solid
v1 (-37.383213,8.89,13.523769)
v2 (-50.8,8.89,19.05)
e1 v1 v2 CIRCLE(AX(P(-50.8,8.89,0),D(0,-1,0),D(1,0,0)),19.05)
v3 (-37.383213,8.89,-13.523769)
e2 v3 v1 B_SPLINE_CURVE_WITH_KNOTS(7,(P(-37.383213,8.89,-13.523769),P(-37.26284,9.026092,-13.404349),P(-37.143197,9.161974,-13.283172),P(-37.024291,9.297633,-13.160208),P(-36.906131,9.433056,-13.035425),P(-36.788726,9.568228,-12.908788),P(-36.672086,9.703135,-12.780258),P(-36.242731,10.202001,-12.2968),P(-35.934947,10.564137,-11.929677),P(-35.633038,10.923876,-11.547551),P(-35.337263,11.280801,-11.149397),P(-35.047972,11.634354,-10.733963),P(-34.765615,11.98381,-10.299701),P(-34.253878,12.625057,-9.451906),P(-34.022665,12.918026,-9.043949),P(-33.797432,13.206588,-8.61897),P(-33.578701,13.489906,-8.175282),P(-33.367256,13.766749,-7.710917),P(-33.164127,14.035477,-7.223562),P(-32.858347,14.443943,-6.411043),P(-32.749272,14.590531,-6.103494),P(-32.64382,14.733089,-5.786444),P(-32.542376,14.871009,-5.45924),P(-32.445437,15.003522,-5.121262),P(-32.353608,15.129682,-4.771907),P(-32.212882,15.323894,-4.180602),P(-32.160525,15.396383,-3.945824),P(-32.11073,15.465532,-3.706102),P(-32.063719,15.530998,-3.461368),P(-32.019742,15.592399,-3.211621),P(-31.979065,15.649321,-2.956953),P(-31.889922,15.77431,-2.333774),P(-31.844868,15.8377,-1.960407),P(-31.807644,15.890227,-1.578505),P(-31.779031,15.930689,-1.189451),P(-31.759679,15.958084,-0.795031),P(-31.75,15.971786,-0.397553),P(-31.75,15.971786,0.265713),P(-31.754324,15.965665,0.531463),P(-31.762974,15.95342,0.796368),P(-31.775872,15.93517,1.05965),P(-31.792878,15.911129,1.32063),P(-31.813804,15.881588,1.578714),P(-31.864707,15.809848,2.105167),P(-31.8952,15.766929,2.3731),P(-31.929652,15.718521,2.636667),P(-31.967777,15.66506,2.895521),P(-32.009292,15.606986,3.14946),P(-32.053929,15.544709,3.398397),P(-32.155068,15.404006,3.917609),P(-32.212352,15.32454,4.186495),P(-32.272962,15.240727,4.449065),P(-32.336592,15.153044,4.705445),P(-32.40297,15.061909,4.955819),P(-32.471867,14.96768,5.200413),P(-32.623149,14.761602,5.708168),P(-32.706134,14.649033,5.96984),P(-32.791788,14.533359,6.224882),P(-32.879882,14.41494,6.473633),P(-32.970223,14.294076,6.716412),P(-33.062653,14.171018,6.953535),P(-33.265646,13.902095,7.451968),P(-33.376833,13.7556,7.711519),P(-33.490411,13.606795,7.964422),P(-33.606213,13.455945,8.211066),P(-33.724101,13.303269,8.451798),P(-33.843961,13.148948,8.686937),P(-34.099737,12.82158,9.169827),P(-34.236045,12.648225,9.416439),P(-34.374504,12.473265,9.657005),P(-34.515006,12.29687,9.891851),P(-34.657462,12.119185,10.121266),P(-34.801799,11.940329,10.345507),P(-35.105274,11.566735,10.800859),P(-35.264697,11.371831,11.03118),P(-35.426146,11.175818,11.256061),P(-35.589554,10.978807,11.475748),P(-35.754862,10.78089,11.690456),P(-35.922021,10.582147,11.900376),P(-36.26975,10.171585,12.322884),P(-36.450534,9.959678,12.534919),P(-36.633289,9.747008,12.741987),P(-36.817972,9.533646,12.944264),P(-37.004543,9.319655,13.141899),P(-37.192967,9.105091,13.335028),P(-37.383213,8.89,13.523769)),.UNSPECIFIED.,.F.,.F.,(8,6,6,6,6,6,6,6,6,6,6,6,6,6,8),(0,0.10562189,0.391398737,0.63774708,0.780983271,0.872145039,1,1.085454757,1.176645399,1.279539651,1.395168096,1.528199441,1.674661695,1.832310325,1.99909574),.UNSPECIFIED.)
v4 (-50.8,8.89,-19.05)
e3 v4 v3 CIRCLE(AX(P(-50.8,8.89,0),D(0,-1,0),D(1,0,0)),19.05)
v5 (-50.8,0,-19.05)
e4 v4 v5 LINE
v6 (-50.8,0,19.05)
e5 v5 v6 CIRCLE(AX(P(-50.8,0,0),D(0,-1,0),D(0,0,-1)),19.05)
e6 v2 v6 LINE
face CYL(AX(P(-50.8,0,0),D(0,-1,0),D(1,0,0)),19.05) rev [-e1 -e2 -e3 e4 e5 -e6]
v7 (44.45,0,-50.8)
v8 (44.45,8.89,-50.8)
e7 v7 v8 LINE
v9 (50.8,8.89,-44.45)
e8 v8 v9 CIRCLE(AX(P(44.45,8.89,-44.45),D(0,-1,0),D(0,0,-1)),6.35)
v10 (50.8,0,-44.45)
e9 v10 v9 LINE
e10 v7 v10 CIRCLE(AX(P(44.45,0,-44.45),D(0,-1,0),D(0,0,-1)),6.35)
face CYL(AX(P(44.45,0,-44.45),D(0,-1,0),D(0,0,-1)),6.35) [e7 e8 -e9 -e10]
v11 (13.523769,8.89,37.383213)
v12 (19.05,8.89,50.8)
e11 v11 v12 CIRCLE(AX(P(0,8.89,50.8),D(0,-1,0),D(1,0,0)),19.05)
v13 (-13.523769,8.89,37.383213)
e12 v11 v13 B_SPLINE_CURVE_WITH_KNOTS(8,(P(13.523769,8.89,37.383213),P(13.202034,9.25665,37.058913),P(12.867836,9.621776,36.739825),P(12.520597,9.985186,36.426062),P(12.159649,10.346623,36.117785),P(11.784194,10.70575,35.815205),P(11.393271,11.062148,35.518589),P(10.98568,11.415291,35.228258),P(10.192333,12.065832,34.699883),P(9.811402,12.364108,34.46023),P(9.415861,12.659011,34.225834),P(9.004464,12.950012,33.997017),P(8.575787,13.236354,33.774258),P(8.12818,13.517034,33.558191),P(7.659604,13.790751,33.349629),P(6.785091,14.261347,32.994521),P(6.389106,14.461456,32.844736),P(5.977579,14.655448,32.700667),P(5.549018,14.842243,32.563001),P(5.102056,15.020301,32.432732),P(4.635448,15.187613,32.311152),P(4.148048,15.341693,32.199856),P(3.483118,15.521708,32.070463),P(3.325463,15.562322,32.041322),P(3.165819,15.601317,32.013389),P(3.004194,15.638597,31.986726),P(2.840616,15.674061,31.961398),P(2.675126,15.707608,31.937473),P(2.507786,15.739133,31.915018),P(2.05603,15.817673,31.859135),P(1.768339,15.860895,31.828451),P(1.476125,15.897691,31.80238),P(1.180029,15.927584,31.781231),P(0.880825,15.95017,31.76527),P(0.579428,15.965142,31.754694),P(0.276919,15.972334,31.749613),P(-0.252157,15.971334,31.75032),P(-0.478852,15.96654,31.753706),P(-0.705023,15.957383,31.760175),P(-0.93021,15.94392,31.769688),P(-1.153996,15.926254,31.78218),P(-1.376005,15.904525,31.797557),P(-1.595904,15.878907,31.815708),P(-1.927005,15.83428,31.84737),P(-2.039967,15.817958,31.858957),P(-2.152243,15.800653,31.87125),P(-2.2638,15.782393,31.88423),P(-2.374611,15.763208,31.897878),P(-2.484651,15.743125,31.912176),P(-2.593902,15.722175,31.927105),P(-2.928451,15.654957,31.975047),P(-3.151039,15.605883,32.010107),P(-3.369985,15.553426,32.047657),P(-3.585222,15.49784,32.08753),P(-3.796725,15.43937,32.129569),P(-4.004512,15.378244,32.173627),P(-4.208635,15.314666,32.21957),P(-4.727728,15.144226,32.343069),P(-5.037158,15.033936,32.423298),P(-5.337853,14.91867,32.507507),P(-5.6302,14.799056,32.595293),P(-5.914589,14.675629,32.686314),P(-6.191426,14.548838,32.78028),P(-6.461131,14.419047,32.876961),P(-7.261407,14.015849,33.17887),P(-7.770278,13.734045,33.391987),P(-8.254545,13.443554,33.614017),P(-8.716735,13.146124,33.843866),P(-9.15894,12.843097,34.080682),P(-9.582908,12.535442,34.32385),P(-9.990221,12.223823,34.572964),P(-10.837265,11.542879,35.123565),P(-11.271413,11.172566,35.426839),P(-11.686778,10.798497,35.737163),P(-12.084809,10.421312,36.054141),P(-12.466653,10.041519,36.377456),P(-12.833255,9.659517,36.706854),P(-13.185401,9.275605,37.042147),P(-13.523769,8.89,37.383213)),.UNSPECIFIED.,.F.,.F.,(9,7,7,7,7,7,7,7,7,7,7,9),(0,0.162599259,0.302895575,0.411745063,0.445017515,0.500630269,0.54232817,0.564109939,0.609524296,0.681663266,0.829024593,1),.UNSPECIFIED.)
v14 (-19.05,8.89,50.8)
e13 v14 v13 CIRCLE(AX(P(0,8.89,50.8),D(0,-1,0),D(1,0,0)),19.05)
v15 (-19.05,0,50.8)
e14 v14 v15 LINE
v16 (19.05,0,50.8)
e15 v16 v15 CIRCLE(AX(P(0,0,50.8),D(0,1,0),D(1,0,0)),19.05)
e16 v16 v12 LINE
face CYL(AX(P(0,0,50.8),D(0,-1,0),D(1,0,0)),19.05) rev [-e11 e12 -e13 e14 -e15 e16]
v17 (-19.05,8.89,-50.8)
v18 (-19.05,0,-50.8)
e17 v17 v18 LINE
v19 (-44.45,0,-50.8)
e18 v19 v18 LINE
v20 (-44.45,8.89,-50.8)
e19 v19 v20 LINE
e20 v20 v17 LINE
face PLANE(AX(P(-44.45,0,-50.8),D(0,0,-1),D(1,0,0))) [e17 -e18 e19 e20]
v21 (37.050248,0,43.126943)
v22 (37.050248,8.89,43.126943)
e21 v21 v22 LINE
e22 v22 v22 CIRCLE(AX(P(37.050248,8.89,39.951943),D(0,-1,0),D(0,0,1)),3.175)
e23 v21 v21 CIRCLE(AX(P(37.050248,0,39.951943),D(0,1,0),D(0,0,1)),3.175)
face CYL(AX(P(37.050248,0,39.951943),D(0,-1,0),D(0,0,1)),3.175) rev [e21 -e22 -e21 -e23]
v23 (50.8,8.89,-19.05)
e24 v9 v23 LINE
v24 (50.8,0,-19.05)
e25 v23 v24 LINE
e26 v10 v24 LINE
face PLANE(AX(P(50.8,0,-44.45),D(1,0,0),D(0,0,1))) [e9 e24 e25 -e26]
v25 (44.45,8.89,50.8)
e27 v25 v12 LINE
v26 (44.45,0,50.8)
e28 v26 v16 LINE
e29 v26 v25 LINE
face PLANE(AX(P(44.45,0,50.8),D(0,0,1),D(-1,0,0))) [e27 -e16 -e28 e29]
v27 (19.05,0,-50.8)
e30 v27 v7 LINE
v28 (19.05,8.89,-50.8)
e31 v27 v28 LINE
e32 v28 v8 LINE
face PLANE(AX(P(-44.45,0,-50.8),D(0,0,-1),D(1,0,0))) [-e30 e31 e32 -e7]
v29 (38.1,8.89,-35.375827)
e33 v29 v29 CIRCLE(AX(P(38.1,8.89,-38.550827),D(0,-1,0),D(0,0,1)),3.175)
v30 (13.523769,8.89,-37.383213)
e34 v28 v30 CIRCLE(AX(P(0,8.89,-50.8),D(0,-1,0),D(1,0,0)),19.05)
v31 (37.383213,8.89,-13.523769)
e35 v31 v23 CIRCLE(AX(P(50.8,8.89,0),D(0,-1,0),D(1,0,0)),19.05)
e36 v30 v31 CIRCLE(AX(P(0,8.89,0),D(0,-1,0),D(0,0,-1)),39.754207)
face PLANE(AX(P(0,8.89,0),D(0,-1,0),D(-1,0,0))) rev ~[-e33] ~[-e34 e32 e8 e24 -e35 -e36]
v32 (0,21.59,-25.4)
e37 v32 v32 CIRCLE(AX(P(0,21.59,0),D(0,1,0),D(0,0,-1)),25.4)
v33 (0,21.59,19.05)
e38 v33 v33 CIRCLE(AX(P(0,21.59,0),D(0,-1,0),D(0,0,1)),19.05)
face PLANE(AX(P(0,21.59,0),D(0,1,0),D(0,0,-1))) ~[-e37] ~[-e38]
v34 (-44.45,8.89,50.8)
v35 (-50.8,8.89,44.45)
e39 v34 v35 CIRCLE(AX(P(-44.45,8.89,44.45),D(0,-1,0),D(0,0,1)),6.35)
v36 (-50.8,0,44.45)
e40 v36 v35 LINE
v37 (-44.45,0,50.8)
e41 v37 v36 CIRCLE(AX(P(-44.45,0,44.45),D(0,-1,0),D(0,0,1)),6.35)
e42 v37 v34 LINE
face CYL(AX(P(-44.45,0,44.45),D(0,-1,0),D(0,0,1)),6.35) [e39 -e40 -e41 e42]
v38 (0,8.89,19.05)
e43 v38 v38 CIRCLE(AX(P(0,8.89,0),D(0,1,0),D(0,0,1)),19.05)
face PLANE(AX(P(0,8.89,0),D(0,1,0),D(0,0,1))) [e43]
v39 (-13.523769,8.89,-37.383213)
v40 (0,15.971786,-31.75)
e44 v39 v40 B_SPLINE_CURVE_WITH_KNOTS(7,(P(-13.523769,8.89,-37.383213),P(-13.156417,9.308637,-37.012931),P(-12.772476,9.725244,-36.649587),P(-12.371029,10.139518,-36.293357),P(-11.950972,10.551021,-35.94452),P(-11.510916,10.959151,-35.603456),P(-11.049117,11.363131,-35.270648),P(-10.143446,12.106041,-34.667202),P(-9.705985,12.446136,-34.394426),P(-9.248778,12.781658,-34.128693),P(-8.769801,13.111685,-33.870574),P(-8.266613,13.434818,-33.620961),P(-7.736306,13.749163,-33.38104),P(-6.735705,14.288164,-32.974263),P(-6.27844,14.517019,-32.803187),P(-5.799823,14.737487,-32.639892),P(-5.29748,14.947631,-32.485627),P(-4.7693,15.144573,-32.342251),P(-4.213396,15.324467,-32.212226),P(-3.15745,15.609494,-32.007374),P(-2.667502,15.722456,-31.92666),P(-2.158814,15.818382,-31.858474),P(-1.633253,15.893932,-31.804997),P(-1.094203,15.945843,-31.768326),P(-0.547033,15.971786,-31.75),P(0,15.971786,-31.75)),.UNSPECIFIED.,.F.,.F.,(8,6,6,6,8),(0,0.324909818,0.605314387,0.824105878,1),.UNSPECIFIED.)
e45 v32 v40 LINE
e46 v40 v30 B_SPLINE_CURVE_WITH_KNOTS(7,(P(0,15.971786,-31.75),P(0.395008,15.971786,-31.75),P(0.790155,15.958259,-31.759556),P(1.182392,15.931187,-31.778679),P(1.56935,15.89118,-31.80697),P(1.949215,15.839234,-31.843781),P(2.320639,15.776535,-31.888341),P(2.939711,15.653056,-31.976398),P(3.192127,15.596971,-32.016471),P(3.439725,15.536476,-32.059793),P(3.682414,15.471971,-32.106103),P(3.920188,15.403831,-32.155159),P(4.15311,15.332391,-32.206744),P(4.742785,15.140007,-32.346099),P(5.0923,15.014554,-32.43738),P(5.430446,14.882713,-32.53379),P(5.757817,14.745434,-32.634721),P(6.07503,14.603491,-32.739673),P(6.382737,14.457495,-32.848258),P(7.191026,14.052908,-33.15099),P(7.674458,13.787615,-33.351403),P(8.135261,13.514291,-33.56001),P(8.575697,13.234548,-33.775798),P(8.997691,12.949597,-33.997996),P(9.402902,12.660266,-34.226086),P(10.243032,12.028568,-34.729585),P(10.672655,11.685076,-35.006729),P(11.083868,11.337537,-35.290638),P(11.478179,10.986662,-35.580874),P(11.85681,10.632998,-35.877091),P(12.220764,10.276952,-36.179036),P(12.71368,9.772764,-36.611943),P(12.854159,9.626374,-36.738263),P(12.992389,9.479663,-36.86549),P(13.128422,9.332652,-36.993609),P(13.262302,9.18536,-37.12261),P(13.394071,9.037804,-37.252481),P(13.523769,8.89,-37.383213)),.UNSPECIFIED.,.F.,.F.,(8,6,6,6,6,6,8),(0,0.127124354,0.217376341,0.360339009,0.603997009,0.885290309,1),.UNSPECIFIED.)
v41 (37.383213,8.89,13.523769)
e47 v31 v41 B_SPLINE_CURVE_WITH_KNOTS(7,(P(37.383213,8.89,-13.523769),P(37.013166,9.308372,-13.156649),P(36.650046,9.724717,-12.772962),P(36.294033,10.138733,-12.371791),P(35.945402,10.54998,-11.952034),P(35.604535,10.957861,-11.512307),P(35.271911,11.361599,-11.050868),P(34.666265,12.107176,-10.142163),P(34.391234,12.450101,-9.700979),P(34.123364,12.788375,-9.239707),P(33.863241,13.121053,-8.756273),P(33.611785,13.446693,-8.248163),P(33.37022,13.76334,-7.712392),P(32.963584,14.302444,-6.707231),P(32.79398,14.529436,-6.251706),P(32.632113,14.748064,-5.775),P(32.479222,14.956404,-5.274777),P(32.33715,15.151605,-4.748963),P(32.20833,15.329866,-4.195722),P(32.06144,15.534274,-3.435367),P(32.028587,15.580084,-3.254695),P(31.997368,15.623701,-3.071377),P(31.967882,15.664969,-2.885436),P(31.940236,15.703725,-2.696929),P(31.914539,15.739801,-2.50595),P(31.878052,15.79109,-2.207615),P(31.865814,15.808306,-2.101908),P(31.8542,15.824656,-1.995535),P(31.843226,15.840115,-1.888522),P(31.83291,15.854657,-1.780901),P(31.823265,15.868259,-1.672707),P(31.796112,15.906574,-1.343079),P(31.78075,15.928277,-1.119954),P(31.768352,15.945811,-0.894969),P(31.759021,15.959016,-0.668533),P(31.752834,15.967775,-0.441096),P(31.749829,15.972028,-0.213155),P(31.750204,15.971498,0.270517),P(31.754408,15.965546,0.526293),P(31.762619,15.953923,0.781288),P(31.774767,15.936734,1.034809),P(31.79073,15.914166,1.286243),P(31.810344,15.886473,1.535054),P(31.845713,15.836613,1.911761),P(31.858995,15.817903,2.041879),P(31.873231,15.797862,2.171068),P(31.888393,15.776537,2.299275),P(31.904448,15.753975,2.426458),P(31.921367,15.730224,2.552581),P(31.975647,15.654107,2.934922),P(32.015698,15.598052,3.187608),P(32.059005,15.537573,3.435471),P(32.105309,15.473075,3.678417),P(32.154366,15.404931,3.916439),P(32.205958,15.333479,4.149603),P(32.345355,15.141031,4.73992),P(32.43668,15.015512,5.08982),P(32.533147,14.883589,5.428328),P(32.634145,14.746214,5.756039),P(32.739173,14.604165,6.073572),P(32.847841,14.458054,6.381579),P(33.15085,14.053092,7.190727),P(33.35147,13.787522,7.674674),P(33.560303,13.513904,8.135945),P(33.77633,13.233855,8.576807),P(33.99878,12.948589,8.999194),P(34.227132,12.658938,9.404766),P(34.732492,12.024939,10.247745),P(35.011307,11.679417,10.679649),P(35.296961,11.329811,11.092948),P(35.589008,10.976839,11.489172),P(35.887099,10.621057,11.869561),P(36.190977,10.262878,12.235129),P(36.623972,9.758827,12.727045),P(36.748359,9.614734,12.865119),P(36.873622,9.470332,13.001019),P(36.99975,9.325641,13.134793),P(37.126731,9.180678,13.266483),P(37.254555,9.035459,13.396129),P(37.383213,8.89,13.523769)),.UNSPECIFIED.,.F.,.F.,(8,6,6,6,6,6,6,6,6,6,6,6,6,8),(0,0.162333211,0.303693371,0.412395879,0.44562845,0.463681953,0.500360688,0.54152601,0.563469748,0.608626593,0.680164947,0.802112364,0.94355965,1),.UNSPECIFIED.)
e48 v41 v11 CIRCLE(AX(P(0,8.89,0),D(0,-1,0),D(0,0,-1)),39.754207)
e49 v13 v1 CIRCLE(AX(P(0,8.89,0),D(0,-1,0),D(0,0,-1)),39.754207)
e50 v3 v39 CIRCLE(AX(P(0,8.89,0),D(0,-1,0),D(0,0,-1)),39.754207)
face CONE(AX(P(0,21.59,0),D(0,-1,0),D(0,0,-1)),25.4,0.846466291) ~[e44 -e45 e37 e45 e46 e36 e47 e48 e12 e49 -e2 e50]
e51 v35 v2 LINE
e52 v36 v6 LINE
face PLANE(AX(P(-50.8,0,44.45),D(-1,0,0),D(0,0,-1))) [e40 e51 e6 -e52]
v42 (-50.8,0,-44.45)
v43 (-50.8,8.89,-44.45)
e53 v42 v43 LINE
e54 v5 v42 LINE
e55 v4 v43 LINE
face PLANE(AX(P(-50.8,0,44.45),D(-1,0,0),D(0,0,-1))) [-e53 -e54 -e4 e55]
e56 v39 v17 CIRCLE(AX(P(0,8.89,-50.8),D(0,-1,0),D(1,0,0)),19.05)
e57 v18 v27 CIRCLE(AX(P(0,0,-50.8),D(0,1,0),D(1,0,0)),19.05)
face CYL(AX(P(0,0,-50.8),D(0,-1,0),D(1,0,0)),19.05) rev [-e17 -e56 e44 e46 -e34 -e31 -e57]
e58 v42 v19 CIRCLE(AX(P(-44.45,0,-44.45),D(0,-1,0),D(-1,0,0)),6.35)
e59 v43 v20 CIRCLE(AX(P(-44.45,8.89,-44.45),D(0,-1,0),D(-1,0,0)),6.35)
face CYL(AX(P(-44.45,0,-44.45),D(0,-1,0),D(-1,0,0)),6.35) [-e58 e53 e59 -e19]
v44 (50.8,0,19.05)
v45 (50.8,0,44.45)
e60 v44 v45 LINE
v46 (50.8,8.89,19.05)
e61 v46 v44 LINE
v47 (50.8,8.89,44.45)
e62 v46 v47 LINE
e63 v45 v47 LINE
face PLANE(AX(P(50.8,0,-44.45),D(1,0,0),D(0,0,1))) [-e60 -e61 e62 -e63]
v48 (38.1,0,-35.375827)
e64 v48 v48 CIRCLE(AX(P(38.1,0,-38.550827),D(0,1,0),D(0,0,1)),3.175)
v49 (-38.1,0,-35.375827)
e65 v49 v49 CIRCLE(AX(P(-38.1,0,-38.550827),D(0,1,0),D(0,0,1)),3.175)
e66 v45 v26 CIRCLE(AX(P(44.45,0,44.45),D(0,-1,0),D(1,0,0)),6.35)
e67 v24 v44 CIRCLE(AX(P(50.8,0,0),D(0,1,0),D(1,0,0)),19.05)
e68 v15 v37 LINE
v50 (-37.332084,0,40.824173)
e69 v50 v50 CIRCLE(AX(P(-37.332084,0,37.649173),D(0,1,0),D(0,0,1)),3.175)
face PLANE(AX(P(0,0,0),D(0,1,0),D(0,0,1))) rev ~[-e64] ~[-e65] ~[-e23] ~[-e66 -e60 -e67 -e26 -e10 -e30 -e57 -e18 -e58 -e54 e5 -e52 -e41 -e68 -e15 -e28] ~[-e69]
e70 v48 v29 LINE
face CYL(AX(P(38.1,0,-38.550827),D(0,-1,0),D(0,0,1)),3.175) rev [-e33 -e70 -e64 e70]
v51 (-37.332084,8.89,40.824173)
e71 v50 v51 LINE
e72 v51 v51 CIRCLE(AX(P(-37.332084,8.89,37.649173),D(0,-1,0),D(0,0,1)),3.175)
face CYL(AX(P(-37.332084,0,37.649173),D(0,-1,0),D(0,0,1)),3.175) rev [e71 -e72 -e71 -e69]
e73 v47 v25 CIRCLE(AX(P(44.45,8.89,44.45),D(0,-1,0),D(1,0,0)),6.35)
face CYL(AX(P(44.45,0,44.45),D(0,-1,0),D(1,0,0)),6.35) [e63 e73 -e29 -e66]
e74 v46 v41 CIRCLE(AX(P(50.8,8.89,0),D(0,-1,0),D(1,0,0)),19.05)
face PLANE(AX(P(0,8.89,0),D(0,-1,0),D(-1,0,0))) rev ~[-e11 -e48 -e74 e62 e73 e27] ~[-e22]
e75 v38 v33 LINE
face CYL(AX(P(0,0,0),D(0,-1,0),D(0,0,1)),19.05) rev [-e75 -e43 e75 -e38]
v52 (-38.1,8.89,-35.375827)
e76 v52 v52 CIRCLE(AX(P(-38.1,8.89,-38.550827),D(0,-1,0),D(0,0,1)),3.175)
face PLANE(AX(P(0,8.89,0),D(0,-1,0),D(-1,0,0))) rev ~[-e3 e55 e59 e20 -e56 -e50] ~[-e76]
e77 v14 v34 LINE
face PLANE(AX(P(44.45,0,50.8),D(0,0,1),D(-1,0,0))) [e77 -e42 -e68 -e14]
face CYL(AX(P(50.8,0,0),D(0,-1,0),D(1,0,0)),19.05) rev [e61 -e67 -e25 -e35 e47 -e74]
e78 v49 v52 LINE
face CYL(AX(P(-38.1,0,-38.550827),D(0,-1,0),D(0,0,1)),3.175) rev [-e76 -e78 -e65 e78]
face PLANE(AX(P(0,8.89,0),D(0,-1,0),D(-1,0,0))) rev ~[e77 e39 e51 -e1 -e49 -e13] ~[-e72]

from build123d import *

# Parameters (mm, degrees)
BOSS_EXTRUDE1_DEPTH = 8.89
SKETCH3_R           = 19.05
SKETCH3_R_2         = 3.175
CUT_EXTRUDE5_DEPTH  = 59.944
SKETCH3_9_R         = 19.05
SKETCH3_9_R_2       = 3.175
CUT_EXTRUDE7_DEPTH  = 71.374
SKETCH3_12_R        = 19.05
BOSS_EXTRUDE2_DEPTH = 8.89


with BuildPart() as part:
    # Sketch1 → Boss-Extrude1 (new body)
    with BuildSketch(Plane(origin=(0, 0, 0), x_dir=(1, 0, 0), z_dir=(0, 1, 0))):
        with BuildLine():
            Line((-44.45, 50.8), (44.45, 50.8))
            ThreePointArc((44.45, 50.8), (48.940128061, 48.940128061), (50.8, 44.45))
            Line((50.8, 44.45), (50.8, -44.45))
            ThreePointArc((50.8, -44.45), (48.940128061, -48.940128061), (44.45, -50.8))
            Line((44.45, -50.8), (-44.45, -50.8))
            ThreePointArc((-44.45, -50.8), (-48.940128061, -48.940128061), (-50.8, -44.45))
            Line((-50.8, -44.45), (-50.8, 44.45))
            ThreePointArc((-50.8, 44.45), (-48.940128061, 48.940128061), (-44.45, 50.8))
        make_face()
    extrude(amount=BOSS_EXTRUDE1_DEPTH)

    # Sketch2 → Revolve1 (revolve)
    with BuildSketch(Plane.XY, mode=Mode.PRIVATE) as revolve1_sk:
        Polygon((0, 0), (0, 21.59), (25.4, 21.59), (41.275, 7.544465781), align=None)
    revolve(revolve1_sk.sketch.rotate(Axis((0, 0, 0), (0, 1, 0)), 90), axis=Axis((0, 0, 0), (0, 1, 0)))

    # Sketch3 → Cut-Extrude5 (cut)
    with BuildSketch(Plane(origin=(0, 0, 0), x_dir=(1, 0, 0), z_dir=(0, 1, 0))):
        with Locations((-50.8, 0)):
            Circle(SKETCH3_R)
        with Locations((50.8, 0)):
            Circle(SKETCH3_R)
        with Locations((0, 50.8)):
            Circle(SKETCH3_R)
        with Locations((0, -50.8)):
            Circle(SKETCH3_R)
        with Locations(Location((-38.1, 38.550826986, 0), (0, 0, 270))):
            Circle(SKETCH3_R_2)
        with Locations(Location((38.1, 38.550826986, 0), (0, 0, 270))):
            Circle(SKETCH3_R_2)
        with Locations(Location((37.0502476, -39.95194326, 0), (0, 0, 270))):
            Circle(SKETCH3_R_2)
        with Locations(Location((-37.332084064, -37.649173014, 0), (0, 0, 270))):
            Circle(SKETCH3_R_2)
    extrude(amount=CUT_EXTRUDE5_DEPTH, mode=Mode.SUBTRACT)

    # Sketch3<9> → Cut-Extrude7 (cut)
    with BuildSketch(Plane(origin=(0, 0, 0), x_dir=(1, 0, 0), z_dir=(0, 1, 0))):
        with Locations((-50.8, 0)):
            Circle(SKETCH3_9_R)
        with Locations(Location((0, 0, 0), (0, 0, 270))):
            Circle(SKETCH3_9_R)
        with Locations((50.8, 0)):
            Circle(SKETCH3_9_R)
        with Locations((0, 50.8)):
            Circle(SKETCH3_9_R)
        with Locations((0, -50.8)):
            Circle(SKETCH3_9_R)
        with Locations(Location((-38.1, 38.550826986, 0), (0, 0, 270))):
            Circle(SKETCH3_9_R_2)
        with Locations(Location((38.1, 38.550826986, 0), (0, 0, 270))):
            Circle(SKETCH3_9_R_2)
        with Locations(Location((37.0502476, -39.95194326, 0), (0, 0, 270))):
            Circle(SKETCH3_9_R_2)
        with Locations(Location((-37.332084064, -37.649173014, 0), (0, 0, 270))):
            Circle(SKETCH3_9_R_2)
    extrude(amount=CUT_EXTRUDE7_DEPTH, mode=Mode.SUBTRACT)

    # Sketch3<12> → Boss-Extrude2 (add)
    with BuildSketch(Plane(origin=(0, 0, 0), x_dir=(1, 0, 0), z_dir=(0, 1, 0))):
        with Locations(Location((0, 0, 0), (0, 0, 270))):
            Circle(SKETCH3_12_R)
    extrude(amount=BOSS_EXTRUDE2_DEPTH)


solid = part.part
